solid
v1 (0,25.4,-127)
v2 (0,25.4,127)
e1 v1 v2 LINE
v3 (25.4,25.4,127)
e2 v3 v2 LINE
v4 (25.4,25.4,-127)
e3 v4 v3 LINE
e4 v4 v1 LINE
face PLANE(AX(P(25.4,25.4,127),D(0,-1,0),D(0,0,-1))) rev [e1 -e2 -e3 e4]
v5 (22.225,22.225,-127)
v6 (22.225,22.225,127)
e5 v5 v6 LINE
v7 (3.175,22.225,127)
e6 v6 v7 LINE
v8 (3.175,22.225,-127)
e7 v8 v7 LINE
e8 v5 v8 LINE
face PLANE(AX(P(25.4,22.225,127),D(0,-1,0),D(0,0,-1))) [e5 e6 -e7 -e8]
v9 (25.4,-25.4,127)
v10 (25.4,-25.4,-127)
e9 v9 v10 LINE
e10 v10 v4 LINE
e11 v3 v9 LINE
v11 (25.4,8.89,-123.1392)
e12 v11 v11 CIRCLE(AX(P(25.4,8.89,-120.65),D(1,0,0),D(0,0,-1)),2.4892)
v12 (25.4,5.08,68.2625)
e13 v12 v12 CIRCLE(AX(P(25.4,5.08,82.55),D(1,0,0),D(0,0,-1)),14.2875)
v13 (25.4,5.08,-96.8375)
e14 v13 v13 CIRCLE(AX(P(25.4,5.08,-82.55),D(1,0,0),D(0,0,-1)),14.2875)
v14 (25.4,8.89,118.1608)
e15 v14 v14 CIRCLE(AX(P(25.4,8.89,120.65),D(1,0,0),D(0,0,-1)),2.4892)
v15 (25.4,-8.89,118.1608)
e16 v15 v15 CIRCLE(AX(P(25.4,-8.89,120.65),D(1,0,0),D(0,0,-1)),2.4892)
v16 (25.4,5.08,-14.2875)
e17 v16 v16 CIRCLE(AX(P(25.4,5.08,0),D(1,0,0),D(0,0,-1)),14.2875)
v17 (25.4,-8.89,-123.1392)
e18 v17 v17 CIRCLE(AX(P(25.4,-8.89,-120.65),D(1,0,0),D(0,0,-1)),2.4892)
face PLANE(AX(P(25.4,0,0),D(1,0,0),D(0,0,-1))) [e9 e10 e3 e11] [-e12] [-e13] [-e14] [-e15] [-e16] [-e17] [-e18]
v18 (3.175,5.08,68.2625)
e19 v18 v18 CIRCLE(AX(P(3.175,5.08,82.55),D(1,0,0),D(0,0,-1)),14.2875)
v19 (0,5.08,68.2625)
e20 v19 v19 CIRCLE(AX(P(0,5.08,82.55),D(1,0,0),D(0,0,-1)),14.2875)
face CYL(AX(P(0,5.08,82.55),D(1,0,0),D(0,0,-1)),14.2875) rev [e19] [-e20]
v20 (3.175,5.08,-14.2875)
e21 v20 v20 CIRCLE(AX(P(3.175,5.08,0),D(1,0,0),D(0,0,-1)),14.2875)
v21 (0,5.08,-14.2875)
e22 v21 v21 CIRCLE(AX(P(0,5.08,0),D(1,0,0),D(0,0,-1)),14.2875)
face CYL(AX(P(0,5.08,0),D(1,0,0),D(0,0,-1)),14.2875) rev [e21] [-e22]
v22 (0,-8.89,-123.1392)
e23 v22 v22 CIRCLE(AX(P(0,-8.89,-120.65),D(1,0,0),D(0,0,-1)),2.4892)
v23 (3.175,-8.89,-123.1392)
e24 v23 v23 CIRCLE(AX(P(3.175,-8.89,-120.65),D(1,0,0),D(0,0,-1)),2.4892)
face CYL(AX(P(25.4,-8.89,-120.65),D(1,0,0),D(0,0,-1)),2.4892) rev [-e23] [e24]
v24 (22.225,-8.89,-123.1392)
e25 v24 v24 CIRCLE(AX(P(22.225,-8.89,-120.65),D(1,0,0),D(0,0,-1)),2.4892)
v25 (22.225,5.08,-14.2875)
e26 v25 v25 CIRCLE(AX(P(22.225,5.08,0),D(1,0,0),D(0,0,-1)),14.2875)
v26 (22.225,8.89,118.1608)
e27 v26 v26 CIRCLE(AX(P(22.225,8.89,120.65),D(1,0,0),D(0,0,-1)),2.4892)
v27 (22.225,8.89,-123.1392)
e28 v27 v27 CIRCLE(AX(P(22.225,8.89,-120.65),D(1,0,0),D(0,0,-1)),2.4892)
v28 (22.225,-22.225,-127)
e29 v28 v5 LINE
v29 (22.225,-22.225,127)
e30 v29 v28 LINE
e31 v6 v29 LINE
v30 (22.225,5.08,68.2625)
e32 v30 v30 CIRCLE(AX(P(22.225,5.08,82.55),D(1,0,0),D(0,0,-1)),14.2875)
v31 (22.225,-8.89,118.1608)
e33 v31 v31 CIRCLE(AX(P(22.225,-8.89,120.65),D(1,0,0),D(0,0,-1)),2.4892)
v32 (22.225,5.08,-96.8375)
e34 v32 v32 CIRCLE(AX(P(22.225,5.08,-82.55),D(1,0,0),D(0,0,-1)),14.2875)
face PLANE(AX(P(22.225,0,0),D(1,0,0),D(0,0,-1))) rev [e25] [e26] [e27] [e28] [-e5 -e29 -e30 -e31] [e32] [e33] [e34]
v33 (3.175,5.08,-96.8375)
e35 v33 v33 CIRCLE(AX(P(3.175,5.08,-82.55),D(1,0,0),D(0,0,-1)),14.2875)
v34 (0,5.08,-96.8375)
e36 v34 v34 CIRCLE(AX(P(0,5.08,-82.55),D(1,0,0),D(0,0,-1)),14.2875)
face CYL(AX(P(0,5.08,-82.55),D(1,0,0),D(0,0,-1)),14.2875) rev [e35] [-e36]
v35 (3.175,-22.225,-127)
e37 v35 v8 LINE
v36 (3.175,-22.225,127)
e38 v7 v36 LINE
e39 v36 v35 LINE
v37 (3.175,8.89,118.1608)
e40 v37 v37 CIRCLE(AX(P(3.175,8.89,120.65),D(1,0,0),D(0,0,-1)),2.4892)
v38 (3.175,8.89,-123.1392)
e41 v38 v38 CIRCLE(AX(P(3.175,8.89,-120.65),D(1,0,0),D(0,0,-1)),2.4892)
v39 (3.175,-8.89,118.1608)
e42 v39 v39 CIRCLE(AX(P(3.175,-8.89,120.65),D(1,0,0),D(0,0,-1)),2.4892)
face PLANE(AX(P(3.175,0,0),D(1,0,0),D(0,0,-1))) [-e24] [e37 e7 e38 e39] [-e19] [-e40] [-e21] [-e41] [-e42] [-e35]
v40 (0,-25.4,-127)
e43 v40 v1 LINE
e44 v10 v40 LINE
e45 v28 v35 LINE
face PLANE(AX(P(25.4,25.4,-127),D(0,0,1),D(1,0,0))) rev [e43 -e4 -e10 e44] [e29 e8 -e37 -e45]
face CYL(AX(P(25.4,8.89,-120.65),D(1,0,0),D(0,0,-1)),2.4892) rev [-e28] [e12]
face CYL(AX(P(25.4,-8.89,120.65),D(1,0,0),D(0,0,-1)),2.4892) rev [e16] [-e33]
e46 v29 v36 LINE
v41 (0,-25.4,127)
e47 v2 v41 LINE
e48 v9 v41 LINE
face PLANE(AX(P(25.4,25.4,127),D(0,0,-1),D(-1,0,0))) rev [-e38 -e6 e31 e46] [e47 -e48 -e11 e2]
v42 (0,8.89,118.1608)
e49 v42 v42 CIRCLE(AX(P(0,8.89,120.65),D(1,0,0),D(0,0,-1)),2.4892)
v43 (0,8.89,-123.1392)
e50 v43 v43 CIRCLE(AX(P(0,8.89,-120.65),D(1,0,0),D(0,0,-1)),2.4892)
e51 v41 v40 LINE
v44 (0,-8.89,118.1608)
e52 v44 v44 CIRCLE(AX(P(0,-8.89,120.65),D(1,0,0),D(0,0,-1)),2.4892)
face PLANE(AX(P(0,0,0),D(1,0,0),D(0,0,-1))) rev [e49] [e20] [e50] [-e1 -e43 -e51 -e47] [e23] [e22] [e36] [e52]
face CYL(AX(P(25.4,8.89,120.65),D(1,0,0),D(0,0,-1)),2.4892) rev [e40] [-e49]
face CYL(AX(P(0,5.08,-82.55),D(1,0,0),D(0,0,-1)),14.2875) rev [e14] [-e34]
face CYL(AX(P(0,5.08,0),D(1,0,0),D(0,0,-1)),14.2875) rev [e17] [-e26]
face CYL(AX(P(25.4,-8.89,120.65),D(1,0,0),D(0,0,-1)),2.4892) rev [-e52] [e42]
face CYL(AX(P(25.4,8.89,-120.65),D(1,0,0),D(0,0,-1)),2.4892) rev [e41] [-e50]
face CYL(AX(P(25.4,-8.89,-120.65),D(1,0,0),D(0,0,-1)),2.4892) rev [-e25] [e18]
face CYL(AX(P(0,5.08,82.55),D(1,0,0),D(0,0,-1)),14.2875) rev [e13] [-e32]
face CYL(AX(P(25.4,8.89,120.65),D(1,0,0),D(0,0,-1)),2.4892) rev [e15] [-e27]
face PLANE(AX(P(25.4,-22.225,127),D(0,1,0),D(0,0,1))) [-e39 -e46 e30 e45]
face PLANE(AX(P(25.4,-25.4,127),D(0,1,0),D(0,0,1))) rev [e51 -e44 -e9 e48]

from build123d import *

# Parameters (mm, degrees)
SKETCH1_W              = 254
SKETCH1_H              = 50.8
BOSS_EXTRUDE1_DEPTH    = 25.4
SHELL1_T               = -3.175
SKETCH2_R              = 14.2875
CUT_EXTRUDE1_DEPTH     = 132.982271537
F_10_CLEARANCE_HOLE1_D = 4.9784


with BuildPart() as part:
    # Sketch1 → Boss-Extrude1 (new body)
    with BuildSketch(Plane(origin=(0, 0, 0), x_dir=(0, 0, -1), z_dir=(1, 0, 0))):
        Rectangle(SKETCH1_W, SKETCH1_H)
    extrude(amount=BOSS_EXTRUDE1_DEPTH)

    # Shell1
    shell1_openings = [part.faces().sort_by_distance(p)[0] for p in [
        (12.7, 0, 127),
        (12.7, 0, -127),
    ]]
    offset(amount=SHELL1_T, openings=shell1_openings, kind=Kind.INTERSECTION)

    # Sketch2 → Cut-Extrude1 (cut, through all)
    with BuildSketch(Plane(origin=(25.4, 0, 0), x_dir=(0, 0, -1), z_dir=(1, 0, 0))):
        with Locations((0, 5.08)):
            Circle(SKETCH2_R)
        with Locations((-82.55, 5.08)):
            Circle(SKETCH2_R)
        with Locations((82.55, 5.08)):
            Circle(SKETCH2_R)
    extrude(amount=-CUT_EXTRUDE1_DEPTH, mode=Mode.SUBTRACT)

    # #10 Clearance Hole1 (through all)
    with Locations(Plane(origin=(25.4, 0, 0), x_dir=(0, 0, -1), z_dir=(1, 0, 0))):
        with Locations((-120.65, 8.89), (-120.65, -8.89)):
            f_10_clearance_hole1 = Hole(F_10_CLEARANCE_HOLE1_D / 2)

    # Mirror1: #10 Clearance Hole1 across plane
    add(f_10_clearance_hole1.mirror(Plane.XY), mode=Mode.SUBTRACT)


solid = part.part
